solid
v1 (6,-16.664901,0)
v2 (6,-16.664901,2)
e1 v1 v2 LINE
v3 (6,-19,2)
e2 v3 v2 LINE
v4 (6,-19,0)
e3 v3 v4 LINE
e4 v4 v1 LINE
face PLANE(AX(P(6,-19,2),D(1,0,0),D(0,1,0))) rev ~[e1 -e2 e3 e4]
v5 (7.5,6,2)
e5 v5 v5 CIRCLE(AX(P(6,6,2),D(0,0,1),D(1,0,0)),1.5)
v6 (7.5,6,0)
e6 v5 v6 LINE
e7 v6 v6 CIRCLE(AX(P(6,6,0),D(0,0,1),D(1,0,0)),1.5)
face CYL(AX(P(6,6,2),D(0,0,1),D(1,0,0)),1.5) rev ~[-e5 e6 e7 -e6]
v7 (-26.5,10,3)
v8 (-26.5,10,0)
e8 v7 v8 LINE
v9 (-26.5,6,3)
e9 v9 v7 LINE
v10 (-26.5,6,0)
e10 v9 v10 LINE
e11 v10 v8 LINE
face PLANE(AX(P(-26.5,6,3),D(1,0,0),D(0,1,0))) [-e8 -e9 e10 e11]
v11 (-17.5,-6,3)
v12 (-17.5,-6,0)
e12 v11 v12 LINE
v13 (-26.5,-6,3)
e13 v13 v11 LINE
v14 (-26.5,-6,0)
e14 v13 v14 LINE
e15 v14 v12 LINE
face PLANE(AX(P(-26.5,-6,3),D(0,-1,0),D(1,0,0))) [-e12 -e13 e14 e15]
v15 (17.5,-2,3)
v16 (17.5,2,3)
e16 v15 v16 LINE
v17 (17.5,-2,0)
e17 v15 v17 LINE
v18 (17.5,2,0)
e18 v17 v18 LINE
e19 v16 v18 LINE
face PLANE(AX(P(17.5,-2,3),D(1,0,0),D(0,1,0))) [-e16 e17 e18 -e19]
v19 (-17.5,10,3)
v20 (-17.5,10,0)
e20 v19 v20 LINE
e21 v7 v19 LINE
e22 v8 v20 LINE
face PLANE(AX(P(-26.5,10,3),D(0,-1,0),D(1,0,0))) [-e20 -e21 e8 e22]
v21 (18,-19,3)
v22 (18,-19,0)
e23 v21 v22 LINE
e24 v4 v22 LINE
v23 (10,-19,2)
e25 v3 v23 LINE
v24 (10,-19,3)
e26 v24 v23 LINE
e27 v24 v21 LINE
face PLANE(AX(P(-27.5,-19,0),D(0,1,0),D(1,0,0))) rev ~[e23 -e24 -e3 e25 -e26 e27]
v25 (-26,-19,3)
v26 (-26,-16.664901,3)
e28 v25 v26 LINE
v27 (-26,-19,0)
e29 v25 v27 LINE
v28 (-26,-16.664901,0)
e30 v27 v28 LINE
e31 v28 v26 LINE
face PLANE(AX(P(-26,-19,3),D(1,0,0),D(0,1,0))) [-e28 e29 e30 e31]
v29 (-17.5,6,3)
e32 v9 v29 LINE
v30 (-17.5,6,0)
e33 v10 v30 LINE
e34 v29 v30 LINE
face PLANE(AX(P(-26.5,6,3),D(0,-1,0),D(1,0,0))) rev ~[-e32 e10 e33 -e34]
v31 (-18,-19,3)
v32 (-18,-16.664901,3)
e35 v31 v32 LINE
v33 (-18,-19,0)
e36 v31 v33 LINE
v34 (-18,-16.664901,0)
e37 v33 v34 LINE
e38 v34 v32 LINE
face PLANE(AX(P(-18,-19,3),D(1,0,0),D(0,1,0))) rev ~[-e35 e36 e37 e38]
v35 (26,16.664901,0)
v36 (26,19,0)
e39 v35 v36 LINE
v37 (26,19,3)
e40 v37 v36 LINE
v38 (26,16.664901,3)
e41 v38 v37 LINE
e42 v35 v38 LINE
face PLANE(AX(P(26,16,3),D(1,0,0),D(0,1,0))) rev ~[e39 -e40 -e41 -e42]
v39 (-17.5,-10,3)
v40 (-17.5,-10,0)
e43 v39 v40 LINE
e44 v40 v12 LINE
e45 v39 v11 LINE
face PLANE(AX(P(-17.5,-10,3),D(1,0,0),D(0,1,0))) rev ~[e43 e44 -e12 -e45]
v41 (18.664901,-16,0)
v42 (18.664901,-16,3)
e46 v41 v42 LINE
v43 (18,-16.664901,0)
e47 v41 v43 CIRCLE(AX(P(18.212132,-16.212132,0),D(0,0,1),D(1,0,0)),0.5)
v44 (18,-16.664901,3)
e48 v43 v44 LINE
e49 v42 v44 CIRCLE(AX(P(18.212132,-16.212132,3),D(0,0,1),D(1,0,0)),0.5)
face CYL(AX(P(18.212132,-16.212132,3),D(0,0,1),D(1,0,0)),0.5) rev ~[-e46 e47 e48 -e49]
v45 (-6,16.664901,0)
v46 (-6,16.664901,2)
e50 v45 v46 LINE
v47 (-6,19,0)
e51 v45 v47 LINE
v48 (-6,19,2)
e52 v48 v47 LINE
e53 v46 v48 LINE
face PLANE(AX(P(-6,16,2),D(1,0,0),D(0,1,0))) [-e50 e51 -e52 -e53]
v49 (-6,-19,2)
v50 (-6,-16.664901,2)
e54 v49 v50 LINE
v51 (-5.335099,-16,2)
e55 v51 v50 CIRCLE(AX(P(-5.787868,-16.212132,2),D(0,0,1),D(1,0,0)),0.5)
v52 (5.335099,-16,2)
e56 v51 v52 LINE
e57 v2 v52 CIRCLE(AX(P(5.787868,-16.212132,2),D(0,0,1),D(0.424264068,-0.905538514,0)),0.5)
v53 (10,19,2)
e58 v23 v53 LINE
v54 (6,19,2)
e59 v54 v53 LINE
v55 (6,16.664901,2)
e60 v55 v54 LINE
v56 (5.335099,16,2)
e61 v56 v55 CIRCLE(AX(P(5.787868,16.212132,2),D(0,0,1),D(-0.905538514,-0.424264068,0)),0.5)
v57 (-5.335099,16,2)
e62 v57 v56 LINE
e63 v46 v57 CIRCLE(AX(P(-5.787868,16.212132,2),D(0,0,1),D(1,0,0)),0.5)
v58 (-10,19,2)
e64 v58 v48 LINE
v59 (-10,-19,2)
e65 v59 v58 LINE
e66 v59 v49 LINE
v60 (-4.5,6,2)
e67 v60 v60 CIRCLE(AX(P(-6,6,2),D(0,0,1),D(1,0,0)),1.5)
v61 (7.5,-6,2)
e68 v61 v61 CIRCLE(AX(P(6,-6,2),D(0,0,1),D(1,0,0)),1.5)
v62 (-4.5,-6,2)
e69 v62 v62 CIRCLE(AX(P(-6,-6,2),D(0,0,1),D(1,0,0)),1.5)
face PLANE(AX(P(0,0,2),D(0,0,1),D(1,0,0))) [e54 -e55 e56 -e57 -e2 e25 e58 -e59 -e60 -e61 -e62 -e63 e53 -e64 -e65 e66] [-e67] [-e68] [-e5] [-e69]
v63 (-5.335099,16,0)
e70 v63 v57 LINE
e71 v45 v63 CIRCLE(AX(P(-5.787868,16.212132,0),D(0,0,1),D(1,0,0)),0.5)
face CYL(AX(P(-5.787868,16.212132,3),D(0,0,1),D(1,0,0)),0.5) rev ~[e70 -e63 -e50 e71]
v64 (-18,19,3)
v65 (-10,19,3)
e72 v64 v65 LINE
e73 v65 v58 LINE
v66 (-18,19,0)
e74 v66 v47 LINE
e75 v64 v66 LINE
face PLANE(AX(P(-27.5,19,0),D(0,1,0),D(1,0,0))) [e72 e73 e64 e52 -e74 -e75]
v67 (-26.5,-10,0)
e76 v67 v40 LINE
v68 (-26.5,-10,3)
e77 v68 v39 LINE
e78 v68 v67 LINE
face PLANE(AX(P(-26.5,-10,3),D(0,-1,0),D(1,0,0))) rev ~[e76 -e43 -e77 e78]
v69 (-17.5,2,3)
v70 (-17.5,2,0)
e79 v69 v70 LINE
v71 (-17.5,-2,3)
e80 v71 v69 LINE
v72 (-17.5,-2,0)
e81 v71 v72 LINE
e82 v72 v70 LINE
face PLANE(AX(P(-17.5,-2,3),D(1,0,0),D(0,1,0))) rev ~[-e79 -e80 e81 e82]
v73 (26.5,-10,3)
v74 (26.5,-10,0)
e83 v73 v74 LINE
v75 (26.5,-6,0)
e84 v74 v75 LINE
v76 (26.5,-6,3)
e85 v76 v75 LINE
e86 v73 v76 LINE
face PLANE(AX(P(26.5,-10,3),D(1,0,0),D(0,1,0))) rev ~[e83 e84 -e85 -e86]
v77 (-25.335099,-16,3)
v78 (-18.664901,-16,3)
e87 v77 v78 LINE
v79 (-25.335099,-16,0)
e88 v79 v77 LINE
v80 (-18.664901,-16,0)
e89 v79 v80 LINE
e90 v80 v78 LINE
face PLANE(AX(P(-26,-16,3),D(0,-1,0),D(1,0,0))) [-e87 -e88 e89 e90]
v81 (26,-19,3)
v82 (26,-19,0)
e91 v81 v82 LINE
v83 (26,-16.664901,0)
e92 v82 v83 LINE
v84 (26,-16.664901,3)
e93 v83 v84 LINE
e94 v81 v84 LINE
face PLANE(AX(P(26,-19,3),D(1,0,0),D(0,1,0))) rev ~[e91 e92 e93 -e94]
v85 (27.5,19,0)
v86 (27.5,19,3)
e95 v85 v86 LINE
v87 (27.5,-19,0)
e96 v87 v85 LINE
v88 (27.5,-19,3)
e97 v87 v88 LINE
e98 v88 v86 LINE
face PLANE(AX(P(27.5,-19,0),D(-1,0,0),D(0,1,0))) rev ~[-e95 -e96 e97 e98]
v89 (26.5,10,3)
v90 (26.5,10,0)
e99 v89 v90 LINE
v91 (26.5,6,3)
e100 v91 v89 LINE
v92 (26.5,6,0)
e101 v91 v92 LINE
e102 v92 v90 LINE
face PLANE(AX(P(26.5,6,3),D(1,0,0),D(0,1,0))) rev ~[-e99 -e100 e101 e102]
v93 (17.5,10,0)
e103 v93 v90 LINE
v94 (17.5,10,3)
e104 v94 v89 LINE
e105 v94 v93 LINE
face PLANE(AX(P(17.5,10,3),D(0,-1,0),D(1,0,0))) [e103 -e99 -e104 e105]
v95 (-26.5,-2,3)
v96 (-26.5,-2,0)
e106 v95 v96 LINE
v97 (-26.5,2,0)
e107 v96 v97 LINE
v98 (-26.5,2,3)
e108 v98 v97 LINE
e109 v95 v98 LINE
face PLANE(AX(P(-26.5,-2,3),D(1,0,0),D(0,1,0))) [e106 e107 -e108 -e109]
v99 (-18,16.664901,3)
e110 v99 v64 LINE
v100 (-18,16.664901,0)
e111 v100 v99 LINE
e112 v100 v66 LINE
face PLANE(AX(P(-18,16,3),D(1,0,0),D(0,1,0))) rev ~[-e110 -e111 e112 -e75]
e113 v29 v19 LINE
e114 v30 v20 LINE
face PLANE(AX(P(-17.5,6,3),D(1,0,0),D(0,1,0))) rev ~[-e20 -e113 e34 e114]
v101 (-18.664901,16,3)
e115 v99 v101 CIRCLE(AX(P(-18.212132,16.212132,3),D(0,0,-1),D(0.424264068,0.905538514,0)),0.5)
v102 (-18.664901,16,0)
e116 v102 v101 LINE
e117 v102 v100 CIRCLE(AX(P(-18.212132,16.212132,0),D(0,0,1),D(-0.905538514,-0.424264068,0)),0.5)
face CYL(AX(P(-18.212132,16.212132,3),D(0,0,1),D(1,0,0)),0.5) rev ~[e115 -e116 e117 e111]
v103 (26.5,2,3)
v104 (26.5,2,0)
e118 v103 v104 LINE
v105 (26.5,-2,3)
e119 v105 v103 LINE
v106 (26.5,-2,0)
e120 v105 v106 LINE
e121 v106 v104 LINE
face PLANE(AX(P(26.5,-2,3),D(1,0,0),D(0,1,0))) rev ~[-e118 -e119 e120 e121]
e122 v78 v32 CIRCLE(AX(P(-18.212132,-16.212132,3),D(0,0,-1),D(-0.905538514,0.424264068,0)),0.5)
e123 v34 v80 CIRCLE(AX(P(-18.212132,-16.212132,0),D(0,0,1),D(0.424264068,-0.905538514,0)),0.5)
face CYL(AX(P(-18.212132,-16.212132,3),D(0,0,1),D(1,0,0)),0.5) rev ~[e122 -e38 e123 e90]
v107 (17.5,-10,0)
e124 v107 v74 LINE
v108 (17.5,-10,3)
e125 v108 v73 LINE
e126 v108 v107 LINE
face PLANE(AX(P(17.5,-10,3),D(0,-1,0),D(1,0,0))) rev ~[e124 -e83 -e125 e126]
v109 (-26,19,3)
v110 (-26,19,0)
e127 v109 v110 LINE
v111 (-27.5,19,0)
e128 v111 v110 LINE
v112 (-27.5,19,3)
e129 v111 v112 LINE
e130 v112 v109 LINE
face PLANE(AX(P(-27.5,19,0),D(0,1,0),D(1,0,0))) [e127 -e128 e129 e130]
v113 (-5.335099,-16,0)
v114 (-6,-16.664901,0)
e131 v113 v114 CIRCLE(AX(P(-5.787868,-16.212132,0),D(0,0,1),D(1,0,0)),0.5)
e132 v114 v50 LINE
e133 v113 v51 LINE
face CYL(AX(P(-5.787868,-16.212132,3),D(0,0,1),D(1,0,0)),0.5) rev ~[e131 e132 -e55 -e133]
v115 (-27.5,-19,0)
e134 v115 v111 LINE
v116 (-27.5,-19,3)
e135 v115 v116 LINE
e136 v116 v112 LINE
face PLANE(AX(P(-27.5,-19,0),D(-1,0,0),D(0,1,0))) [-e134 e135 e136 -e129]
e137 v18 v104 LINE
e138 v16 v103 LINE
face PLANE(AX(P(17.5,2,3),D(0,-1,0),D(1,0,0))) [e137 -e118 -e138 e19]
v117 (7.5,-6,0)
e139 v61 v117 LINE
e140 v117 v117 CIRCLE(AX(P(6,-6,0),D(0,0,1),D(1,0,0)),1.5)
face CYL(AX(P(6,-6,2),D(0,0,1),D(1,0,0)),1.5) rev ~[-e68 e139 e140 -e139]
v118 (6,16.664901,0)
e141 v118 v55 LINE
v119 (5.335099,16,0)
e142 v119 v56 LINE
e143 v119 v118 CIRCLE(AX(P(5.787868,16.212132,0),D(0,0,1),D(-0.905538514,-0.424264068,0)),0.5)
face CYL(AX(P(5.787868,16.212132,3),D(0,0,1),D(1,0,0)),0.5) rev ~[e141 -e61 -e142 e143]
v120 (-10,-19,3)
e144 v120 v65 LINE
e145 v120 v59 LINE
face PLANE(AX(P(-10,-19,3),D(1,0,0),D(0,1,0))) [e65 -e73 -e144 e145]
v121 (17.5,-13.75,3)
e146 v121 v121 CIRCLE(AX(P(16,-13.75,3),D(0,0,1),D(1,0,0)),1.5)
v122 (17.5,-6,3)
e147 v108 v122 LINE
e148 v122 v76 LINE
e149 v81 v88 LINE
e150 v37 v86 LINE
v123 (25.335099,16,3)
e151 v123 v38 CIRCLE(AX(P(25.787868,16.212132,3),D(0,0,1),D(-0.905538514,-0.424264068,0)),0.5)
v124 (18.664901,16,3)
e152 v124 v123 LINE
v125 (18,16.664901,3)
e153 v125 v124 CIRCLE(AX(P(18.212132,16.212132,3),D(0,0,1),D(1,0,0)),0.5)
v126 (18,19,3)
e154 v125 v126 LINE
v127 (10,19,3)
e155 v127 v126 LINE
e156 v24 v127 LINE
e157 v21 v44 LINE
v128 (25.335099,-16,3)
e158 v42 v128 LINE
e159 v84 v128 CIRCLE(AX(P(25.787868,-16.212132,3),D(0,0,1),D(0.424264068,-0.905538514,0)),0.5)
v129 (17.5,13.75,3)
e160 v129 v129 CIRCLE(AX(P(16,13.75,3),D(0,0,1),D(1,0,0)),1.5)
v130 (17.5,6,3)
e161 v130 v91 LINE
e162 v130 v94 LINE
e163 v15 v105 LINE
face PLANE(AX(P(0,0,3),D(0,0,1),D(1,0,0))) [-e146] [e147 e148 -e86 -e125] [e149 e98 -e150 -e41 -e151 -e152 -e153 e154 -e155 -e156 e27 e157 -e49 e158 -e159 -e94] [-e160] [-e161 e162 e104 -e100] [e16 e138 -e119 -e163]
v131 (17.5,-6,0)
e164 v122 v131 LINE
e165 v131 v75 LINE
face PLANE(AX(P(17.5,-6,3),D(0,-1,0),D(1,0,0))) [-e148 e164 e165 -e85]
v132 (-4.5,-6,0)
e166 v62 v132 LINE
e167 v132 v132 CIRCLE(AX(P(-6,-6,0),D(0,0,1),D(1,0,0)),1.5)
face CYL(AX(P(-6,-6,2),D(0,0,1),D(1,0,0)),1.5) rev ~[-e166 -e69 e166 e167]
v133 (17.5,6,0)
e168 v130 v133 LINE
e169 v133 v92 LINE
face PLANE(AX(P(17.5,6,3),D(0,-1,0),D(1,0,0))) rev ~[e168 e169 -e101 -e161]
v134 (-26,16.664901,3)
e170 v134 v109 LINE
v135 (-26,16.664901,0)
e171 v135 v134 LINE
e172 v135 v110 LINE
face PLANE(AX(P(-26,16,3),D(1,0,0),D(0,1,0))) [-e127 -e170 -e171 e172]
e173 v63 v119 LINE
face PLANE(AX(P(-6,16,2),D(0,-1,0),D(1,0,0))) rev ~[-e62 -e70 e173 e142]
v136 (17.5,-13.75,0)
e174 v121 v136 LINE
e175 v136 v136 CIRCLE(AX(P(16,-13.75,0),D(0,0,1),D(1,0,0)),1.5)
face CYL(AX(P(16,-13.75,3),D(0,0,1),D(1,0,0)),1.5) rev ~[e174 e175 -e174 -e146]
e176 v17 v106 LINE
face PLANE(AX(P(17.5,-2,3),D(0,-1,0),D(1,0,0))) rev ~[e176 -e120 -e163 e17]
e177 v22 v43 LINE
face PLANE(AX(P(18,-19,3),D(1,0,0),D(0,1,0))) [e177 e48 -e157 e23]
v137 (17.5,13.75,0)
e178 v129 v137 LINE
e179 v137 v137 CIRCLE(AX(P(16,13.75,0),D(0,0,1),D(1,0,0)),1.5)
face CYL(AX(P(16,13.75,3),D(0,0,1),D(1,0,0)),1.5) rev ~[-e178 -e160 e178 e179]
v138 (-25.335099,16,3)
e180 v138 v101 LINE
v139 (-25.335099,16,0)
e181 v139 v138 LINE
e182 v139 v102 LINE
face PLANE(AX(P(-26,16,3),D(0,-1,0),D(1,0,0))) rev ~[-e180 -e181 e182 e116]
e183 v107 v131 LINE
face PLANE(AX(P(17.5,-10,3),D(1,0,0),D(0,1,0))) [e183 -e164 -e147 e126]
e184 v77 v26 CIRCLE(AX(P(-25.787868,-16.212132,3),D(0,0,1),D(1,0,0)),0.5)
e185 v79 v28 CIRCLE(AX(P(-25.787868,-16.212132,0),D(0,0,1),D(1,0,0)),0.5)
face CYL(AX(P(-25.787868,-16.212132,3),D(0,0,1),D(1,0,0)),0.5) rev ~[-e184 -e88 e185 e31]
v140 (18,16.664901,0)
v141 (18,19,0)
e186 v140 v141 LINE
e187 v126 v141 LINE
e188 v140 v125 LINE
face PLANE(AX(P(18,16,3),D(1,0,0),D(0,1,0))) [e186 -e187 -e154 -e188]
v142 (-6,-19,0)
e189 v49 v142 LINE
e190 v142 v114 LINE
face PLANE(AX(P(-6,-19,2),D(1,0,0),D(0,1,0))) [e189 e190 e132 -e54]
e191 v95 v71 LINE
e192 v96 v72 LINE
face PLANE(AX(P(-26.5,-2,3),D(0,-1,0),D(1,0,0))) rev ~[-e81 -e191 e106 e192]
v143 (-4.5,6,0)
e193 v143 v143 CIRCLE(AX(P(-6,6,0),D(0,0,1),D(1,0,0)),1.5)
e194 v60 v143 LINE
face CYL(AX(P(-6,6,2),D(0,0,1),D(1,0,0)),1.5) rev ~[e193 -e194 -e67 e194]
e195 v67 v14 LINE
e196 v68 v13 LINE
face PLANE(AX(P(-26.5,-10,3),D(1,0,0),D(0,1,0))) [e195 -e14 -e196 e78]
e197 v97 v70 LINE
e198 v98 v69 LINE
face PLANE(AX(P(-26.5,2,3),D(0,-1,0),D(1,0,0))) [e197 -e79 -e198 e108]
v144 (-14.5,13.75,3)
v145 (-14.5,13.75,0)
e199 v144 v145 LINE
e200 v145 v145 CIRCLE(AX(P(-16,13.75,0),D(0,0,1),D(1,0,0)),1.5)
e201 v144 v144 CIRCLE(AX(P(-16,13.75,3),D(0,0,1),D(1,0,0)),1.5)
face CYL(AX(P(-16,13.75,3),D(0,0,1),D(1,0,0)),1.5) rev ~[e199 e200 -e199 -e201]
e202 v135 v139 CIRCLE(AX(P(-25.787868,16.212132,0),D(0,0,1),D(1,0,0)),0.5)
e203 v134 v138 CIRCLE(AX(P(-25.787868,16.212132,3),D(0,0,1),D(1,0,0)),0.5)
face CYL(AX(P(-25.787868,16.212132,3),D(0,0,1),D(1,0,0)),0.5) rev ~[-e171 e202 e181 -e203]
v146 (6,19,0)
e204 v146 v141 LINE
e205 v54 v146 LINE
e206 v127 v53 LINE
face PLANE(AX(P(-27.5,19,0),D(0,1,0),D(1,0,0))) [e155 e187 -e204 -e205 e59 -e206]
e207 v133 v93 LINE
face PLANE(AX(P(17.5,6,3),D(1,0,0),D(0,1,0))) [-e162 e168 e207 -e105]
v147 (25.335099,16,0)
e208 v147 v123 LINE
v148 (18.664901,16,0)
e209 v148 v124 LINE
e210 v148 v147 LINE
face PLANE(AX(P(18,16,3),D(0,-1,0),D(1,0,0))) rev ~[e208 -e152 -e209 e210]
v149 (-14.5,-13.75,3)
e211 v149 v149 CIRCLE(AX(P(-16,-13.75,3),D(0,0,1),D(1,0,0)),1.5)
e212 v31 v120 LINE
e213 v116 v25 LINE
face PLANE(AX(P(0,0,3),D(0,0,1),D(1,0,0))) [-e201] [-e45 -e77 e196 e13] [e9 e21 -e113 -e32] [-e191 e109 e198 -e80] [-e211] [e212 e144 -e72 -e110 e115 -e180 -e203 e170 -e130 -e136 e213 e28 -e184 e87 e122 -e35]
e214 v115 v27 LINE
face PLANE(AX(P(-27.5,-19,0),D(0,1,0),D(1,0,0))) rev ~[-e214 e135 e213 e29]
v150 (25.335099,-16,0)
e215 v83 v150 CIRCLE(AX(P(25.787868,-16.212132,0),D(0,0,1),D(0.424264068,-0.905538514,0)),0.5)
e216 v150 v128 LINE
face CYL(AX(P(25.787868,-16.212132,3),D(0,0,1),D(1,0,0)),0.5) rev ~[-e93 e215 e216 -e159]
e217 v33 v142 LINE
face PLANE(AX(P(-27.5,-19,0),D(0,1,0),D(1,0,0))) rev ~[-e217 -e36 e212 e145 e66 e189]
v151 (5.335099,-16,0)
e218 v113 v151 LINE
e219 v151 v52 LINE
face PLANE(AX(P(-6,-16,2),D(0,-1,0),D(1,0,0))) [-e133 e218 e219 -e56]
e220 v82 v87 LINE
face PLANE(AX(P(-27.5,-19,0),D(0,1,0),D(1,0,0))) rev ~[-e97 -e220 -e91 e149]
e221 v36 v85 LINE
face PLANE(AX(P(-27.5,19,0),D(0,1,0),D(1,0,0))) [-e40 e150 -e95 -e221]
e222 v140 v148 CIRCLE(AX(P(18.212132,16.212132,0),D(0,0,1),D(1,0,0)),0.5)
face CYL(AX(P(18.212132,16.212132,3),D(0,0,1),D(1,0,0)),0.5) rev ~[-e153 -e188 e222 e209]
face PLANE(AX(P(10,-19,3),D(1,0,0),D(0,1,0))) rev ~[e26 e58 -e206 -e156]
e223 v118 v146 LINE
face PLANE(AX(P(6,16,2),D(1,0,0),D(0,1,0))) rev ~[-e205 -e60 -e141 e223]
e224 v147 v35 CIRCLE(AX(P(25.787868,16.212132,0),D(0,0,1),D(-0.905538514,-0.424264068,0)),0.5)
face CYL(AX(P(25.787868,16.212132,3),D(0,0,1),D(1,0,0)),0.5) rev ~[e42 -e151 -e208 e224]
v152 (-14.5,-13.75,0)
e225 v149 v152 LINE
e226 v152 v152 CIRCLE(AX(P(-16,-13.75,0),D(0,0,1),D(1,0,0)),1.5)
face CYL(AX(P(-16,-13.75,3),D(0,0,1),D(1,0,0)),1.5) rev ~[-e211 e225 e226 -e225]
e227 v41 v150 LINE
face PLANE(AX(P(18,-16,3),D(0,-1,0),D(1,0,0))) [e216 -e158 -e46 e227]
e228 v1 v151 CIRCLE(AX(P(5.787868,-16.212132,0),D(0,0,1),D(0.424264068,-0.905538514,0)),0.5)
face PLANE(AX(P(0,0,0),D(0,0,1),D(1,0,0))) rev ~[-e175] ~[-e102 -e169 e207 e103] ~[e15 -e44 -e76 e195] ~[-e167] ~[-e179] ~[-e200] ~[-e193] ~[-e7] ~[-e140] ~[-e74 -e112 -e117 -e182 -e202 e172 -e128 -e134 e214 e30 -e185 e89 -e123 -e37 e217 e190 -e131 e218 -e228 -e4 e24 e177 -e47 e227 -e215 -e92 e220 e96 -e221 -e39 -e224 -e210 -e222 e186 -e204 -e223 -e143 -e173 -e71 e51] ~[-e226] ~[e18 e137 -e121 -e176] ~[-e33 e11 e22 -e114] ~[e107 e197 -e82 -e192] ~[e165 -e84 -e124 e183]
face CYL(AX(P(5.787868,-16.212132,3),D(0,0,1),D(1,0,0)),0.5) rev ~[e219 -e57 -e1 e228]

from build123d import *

# Parameters (mm, degrees)
SKETCH_1_W          = 55
SKETCH_1_H          = 38
EXTRUDE_1_DEPTH     = 3
SKETCH_2_R          = 1.5
CUT_EXTRUDE_1_DEPTH = 30
SKETCH_3_W          = 8
SKETCH_3_H          = 3
CUT_EXTRUDE_2_DEPTH = 30
SKETCH_4_W          = 20
SKETCH_4_H          = 38
CUT_EXTRUDE_3_DEPTH = 1
SKETCH_5_W          = 9
SKETCH_5_H          = 4
CUT_EXTRUDE_4_DEPTH = 10
SKETCH_6_W          = 12
SKETCH_6_H          = 3
CUT_EXTRUDE_5_DEPTH = 10
SKETCH_8_R          = 1.5
CUT_EXTRUDE_6_DEPTH = 10
SKETCH_9_R          = 0.5
CUT_EXTRUDE_7_DEPTH = 4


with BuildPart() as part:
    # 草图1 → 凸台-拉伸1 (new body)
    with BuildSketch(Plane.XY):
        Rectangle(SKETCH_1_W, SKETCH_1_H)
    extrude(amount=EXTRUDE_1_DEPTH)

    # 草图2 → 切除-拉伸1 (cut)
    with BuildSketch(Plane.XY.offset(3)):
        with Locations((16, 13.75)):
            Circle(SKETCH_2_R)
        with Locations((16, -13.75)):
            Circle(SKETCH_2_R)
        with Locations((-16, 13.75)):
            Circle(SKETCH_2_R)
        with Locations((-16, -13.75)):
            Circle(SKETCH_2_R)
    extrude(amount=-CUT_EXTRUDE_1_DEPTH, mode=Mode.SUBTRACT)

    # 草图3 → 切除-拉伸2 (cut)
    with BuildSketch(Plane.XY.offset(3)):
        with Locations((22, 17.5)):
            Rectangle(SKETCH_3_W, SKETCH_3_H)
        with Locations((22, -17.5)):
            Rectangle(SKETCH_3_W, SKETCH_3_H)
        with Locations((-22, 17.5)):
            Rectangle(SKETCH_3_W, SKETCH_3_H)
        with Locations((-22, -17.5)):
            Rectangle(SKETCH_3_W, SKETCH_3_H)
    extrude(amount=-CUT_EXTRUDE_2_DEPTH, mode=Mode.SUBTRACT)

    # 草图4 → 切除-拉伸3 (cut)
    with BuildSketch(Plane.XY.offset(3)):
        Rectangle(SKETCH_4_W, SKETCH_4_H)
    extrude(amount=-CUT_EXTRUDE_3_DEPTH, mode=Mode.SUBTRACT)

    # 草图5 → 切除-拉伸4 (cut)
    with BuildSketch(Plane.XY.offset(3)):
        with Locations((22, 8)):
            Rectangle(SKETCH_5_W, SKETCH_5_H)
        with Locations((22, 0)):
            Rectangle(SKETCH_5_W, SKETCH_5_H)
        with Locations((22, -8)):
            Rectangle(SKETCH_5_W, SKETCH_5_H)
        with Locations((-22, -8)):
            Rectangle(SKETCH_5_W, SKETCH_5_H)
        with Locations((-22, 8)):
            Rectangle(SKETCH_5_W, SKETCH_5_H)
        with Locations((-22, 0)):
            Rectangle(SKETCH_5_W, SKETCH_5_H)
    extrude(amount=-CUT_EXTRUDE_4_DEPTH, mode=Mode.SUBTRACT)

    # 草图6 → 切除-拉伸5 (cut)
    with BuildSketch(Plane.XY.offset(2)):
        with Locations((0, 17.5)):
            Rectangle(SKETCH_6_W, SKETCH_6_H)
        with Locations((0, -17.5)):
            Rectangle(SKETCH_6_W, SKETCH_6_H)
    extrude(amount=-CUT_EXTRUDE_5_DEPTH, mode=Mode.SUBTRACT)

    # 草图8 → 切除-拉伸6 (cut)
    with BuildSketch(Plane.XY.offset(2)):
        with Locations((6, -6)):
            Circle(SKETCH_8_R)
        with Locations((6, 6)):
            Circle(SKETCH_8_R)
        with Locations((-6, 6)):
            Circle(SKETCH_8_R)
        with Locations((-6, -6)):
            Circle(SKETCH_8_R)
    extrude(amount=-CUT_EXTRUDE_6_DEPTH, mode=Mode.SUBTRACT)

    # 草图9 → 切除-拉伸7 (cut, through all)
    with BuildSketch(Plane.XY.offset(3)):
        with Locations((25.787867966, -16.212132034)):
            Circle(SKETCH_9_R)
        with Locations((18.212132034, -16.212132034)):
            Circle(SKETCH_9_R)
        with Locations((18.212132034, 16.212132034)):
            Circle(SKETCH_9_R)
        with Locations((25.787867966, 16.212132034)):
            Circle(SKETCH_9_R)
        with Locations((-25.787867966, 16.212132034)):
            Circle(SKETCH_9_R)
        with Locations((-18.212132034, 16.212132034)):
            Circle(SKETCH_9_R)
        with Locations((-18.212132034, -16.212132034)):
            Circle(SKETCH_9_R)
        with Locations((-25.787867966, -16.212132034)):
            Circle(SKETCH_9_R)
        with Locations((5.787867966, -16.212132034)):
            Circle(SKETCH_9_R)
        with Locations((-5.787867966, -16.212132034)):
            Circle(SKETCH_9_R)
        with Locations((-5.787867966, 16.212132034)):
            Circle(SKETCH_9_R)
        with Locations((5.787867966, 16.212132034)):
            Circle(SKETCH_9_R)
    extrude(amount=-CUT_EXTRUDE_7_DEPTH, mode=Mode.SUBTRACT)


solid = part.part
